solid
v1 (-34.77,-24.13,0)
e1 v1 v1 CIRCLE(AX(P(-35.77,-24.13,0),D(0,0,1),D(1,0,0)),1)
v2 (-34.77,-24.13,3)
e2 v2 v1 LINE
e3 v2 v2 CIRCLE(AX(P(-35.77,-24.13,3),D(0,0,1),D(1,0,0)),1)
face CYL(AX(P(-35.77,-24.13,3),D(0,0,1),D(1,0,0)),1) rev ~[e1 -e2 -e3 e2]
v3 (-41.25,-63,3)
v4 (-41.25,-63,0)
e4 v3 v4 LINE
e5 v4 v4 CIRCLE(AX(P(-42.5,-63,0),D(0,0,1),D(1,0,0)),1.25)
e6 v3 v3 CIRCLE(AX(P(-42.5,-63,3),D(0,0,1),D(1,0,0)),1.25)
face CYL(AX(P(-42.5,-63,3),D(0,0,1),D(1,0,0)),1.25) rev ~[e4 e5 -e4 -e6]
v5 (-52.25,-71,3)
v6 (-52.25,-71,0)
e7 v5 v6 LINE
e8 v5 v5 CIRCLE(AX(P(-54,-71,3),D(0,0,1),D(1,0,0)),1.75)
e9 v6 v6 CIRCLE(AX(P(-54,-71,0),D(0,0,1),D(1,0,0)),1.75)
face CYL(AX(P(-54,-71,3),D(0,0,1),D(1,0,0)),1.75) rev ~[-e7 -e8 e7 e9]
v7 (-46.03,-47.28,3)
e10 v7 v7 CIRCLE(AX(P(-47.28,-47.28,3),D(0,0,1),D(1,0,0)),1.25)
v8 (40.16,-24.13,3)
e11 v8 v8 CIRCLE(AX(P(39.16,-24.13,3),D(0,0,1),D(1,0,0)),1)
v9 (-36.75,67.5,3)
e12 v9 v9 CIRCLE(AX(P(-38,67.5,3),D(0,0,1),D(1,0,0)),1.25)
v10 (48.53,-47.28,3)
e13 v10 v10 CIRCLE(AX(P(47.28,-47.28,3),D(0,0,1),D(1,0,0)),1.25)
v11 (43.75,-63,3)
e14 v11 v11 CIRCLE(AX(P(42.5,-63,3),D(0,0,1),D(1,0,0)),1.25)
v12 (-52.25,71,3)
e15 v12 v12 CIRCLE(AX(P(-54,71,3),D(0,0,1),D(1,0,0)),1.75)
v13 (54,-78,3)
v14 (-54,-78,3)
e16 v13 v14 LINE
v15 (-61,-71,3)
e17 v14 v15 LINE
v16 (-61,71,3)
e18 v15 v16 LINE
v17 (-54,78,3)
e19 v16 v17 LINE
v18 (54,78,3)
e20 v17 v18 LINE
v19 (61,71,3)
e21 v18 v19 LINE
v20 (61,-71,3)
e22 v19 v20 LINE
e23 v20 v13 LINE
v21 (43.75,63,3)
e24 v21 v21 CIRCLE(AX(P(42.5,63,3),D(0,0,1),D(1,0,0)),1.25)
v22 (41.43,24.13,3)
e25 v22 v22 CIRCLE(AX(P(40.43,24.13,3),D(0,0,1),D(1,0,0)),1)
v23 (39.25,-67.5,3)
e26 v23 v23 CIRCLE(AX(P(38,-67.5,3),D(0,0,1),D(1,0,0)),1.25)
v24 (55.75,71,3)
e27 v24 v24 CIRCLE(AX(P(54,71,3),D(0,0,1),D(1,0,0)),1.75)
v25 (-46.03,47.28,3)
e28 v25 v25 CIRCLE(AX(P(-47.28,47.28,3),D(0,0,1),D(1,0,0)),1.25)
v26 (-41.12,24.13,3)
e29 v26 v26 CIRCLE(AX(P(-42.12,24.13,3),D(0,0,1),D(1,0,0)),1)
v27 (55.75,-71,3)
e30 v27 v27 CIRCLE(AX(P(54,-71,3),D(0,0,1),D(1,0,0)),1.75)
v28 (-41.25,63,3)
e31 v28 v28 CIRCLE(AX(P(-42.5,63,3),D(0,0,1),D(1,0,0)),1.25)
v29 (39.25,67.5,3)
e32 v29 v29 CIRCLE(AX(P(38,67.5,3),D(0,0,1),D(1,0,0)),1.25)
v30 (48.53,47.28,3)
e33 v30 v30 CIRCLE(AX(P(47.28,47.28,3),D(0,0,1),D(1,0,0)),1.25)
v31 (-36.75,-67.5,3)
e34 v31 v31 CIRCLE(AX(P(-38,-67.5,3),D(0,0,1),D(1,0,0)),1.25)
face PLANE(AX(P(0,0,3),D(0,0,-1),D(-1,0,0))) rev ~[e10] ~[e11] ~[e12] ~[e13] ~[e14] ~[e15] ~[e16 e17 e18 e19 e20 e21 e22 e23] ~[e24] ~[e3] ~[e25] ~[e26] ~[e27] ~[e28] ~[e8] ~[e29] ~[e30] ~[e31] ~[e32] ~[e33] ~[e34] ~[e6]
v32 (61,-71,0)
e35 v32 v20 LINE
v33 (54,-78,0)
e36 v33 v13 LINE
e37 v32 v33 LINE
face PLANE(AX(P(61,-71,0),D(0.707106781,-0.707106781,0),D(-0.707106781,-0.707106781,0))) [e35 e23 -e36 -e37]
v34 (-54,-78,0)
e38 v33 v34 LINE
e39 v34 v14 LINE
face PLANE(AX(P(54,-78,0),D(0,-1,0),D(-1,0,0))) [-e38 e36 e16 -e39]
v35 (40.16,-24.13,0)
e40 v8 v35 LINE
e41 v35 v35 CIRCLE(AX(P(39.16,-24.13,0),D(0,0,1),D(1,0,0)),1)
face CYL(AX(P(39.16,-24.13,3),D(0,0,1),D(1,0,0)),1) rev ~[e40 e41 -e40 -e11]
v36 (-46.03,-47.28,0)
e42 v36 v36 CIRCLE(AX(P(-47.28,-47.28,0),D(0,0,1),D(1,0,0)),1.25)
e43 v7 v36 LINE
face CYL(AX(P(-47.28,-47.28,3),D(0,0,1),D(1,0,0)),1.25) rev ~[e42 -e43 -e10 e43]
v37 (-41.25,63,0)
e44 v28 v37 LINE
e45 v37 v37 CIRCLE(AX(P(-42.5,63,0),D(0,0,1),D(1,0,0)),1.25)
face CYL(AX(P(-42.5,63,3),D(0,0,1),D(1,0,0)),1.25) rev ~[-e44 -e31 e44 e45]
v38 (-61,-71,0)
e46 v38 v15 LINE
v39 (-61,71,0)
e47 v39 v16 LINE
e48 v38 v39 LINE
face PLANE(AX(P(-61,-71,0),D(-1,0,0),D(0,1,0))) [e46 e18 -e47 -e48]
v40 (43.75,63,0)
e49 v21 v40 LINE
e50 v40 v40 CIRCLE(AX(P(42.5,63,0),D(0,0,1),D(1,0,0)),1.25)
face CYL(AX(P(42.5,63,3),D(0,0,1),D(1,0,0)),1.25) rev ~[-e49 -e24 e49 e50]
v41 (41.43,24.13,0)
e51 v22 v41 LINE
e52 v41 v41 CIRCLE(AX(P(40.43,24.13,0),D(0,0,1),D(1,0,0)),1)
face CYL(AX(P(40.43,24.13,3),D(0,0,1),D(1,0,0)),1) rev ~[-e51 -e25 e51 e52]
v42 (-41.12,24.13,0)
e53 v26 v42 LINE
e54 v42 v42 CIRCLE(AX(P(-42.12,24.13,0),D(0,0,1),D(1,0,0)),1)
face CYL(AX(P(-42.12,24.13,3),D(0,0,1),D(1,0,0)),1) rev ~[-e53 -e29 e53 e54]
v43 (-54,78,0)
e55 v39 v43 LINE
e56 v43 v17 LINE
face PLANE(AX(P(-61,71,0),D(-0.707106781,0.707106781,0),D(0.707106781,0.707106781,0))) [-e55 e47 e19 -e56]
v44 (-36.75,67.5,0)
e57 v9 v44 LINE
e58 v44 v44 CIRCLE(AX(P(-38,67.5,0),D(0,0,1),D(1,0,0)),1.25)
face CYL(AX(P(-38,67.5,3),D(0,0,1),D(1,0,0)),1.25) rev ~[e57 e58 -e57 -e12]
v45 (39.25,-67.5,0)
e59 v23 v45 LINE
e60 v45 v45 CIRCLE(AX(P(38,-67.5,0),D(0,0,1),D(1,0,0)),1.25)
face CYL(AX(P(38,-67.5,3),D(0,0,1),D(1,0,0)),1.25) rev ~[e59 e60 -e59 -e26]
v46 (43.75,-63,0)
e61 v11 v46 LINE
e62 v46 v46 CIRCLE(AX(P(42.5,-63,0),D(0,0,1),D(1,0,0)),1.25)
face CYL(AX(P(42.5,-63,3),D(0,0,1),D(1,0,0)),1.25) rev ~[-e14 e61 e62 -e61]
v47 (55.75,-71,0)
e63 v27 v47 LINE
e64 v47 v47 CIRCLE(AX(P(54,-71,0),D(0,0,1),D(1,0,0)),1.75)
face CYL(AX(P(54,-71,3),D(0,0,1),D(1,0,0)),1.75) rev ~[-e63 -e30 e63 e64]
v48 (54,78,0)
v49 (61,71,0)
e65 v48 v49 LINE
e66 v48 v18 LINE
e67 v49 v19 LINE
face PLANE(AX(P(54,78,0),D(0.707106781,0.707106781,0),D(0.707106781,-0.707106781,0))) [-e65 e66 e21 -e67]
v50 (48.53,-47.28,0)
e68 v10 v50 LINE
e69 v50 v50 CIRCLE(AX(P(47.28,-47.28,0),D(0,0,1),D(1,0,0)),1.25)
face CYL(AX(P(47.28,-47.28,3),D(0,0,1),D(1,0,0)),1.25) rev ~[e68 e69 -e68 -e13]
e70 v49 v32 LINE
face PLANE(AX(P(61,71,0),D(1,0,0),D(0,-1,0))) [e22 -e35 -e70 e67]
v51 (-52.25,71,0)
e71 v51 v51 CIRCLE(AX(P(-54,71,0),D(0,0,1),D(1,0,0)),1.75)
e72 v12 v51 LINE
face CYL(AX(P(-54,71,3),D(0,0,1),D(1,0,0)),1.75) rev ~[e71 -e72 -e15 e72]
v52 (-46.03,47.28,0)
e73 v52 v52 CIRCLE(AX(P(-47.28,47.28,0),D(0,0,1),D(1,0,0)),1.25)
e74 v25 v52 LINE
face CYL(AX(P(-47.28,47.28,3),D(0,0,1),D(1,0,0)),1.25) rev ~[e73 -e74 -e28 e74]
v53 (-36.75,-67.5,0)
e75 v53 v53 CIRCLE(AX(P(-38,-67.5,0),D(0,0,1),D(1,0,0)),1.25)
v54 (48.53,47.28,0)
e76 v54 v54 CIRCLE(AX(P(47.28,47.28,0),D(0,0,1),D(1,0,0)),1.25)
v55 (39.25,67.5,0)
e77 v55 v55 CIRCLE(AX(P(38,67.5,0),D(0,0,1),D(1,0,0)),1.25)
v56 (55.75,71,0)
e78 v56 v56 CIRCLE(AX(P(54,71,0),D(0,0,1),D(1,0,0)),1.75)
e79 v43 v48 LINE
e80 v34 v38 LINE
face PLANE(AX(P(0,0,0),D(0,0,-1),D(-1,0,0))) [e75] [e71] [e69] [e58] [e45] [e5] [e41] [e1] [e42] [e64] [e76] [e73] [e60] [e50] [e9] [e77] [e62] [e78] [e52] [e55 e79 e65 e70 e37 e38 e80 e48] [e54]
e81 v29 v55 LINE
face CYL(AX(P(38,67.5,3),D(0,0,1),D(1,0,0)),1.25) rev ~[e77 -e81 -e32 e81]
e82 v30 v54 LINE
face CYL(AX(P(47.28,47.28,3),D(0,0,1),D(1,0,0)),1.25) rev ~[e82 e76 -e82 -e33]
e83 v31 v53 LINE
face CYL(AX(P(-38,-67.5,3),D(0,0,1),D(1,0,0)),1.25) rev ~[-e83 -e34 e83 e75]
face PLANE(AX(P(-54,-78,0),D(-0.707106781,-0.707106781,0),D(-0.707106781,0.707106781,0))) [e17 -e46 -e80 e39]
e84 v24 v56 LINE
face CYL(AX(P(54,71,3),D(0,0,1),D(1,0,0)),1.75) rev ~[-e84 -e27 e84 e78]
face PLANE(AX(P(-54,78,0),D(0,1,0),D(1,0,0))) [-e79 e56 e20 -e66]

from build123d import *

# Parameters (mm, degrees)
PAD_DEPTH       = 3
SKETCH001_R     = 1.25
POCKET_DEPTH    = 3.001
SKETCH002_R     = 1.25
POCKET001_DEPTH = 3.001
SKETCH003_R     = 1
POCKET002_DEPTH = 3.001
SKETCH004_R     = 1.25
POCKET003_DEPTH = 3.001
SKETCH005_R     = 1.75
POCKET004_DEPTH = 3.001


with BuildPart() as part:
    # Sketch → Pad (new body)
    with BuildSketch(Plane.XY):
        Polygon((-61, 71), (-54, 78), (54, 78), (61, 71), (61, -71), (54, -78), (-54, -78), (-61, -71), align=None)
    extrude(amount=PAD_DEPTH)

    # Sketch001 (on Face10 of Pad) → Pocket (cut, through all)
    with BuildSketch(Plane.XY.offset(3)):
        with Locations((-42.5, 63)):
            Circle(SKETCH001_R)
        with Locations((42.5, 63)):
            Circle(SKETCH001_R)
        with Locations((-42.5, -63)):
            Circle(SKETCH001_R)
        with Locations((42.5, -63)):
            Circle(SKETCH001_R)
    extrude(amount=-POCKET_DEPTH, mode=Mode.SUBTRACT)

    # Sketch002 (on Face5 of Pocket) → Pocket001 (cut, through all)
    with BuildSketch(Plane.XY.offset(3)):
        with Locations((-38, 67.5)):
            Circle(SKETCH002_R)
        with Locations((38, 67.5)):
            Circle(SKETCH002_R)
        with Locations((38, -67.5)):
            Circle(SKETCH002_R)
        with Locations((-38, -67.5)):
            Circle(SKETCH002_R)
    extrude(amount=-POCKET001_DEPTH, mode=Mode.SUBTRACT)

    # Sketch003 (on Face5 of Pocket001) → Pocket002 (cut, through all)
    with BuildSketch(Plane.XY.offset(3)):
        with Locations((-42.12, 24.13)):
            Circle(SKETCH003_R)
        with Locations((-35.77, -24.13)):
            Circle(SKETCH003_R)
        with Locations((40.43, 24.13)):
            Circle(SKETCH003_R)
        with Locations((39.16, -24.13)):
            Circle(SKETCH003_R)
    extrude(amount=-POCKET002_DEPTH, mode=Mode.SUBTRACT)

    # Sketch004 (on Face5 of Pocket002) → Pocket003 (cut, through all)
    with BuildSketch(Plane.XY.offset(3)):
        with Locations((-47.28, 47.28)):
            Circle(SKETCH004_R)
        with Locations((47.28, 47.28)):
            Circle(SKETCH004_R)
        with Locations((-47.28, -47.28)):
            Circle(SKETCH004_R)
        with Locations((47.28, -47.28)):
            Circle(SKETCH004_R)
    extrude(amount=-POCKET003_DEPTH, mode=Mode.SUBTRACT)

    # Sketch005 (on Face5 of Pocket003) → Pocket004 (cut, through all)
    with BuildSketch(Plane.XY.offset(3)):
        with Locations((-54, 71)):
            Circle(SKETCH005_R)
        with Locations((54, 71)):
            Circle(SKETCH005_R)
        with Locations((-54, -71)):
            Circle(SKETCH005_R)
        with Locations((54, -71)):
            Circle(SKETCH005_R)
    extrude(amount=-POCKET004_DEPTH, mode=Mode.SUBTRACT)


solid = part.part
